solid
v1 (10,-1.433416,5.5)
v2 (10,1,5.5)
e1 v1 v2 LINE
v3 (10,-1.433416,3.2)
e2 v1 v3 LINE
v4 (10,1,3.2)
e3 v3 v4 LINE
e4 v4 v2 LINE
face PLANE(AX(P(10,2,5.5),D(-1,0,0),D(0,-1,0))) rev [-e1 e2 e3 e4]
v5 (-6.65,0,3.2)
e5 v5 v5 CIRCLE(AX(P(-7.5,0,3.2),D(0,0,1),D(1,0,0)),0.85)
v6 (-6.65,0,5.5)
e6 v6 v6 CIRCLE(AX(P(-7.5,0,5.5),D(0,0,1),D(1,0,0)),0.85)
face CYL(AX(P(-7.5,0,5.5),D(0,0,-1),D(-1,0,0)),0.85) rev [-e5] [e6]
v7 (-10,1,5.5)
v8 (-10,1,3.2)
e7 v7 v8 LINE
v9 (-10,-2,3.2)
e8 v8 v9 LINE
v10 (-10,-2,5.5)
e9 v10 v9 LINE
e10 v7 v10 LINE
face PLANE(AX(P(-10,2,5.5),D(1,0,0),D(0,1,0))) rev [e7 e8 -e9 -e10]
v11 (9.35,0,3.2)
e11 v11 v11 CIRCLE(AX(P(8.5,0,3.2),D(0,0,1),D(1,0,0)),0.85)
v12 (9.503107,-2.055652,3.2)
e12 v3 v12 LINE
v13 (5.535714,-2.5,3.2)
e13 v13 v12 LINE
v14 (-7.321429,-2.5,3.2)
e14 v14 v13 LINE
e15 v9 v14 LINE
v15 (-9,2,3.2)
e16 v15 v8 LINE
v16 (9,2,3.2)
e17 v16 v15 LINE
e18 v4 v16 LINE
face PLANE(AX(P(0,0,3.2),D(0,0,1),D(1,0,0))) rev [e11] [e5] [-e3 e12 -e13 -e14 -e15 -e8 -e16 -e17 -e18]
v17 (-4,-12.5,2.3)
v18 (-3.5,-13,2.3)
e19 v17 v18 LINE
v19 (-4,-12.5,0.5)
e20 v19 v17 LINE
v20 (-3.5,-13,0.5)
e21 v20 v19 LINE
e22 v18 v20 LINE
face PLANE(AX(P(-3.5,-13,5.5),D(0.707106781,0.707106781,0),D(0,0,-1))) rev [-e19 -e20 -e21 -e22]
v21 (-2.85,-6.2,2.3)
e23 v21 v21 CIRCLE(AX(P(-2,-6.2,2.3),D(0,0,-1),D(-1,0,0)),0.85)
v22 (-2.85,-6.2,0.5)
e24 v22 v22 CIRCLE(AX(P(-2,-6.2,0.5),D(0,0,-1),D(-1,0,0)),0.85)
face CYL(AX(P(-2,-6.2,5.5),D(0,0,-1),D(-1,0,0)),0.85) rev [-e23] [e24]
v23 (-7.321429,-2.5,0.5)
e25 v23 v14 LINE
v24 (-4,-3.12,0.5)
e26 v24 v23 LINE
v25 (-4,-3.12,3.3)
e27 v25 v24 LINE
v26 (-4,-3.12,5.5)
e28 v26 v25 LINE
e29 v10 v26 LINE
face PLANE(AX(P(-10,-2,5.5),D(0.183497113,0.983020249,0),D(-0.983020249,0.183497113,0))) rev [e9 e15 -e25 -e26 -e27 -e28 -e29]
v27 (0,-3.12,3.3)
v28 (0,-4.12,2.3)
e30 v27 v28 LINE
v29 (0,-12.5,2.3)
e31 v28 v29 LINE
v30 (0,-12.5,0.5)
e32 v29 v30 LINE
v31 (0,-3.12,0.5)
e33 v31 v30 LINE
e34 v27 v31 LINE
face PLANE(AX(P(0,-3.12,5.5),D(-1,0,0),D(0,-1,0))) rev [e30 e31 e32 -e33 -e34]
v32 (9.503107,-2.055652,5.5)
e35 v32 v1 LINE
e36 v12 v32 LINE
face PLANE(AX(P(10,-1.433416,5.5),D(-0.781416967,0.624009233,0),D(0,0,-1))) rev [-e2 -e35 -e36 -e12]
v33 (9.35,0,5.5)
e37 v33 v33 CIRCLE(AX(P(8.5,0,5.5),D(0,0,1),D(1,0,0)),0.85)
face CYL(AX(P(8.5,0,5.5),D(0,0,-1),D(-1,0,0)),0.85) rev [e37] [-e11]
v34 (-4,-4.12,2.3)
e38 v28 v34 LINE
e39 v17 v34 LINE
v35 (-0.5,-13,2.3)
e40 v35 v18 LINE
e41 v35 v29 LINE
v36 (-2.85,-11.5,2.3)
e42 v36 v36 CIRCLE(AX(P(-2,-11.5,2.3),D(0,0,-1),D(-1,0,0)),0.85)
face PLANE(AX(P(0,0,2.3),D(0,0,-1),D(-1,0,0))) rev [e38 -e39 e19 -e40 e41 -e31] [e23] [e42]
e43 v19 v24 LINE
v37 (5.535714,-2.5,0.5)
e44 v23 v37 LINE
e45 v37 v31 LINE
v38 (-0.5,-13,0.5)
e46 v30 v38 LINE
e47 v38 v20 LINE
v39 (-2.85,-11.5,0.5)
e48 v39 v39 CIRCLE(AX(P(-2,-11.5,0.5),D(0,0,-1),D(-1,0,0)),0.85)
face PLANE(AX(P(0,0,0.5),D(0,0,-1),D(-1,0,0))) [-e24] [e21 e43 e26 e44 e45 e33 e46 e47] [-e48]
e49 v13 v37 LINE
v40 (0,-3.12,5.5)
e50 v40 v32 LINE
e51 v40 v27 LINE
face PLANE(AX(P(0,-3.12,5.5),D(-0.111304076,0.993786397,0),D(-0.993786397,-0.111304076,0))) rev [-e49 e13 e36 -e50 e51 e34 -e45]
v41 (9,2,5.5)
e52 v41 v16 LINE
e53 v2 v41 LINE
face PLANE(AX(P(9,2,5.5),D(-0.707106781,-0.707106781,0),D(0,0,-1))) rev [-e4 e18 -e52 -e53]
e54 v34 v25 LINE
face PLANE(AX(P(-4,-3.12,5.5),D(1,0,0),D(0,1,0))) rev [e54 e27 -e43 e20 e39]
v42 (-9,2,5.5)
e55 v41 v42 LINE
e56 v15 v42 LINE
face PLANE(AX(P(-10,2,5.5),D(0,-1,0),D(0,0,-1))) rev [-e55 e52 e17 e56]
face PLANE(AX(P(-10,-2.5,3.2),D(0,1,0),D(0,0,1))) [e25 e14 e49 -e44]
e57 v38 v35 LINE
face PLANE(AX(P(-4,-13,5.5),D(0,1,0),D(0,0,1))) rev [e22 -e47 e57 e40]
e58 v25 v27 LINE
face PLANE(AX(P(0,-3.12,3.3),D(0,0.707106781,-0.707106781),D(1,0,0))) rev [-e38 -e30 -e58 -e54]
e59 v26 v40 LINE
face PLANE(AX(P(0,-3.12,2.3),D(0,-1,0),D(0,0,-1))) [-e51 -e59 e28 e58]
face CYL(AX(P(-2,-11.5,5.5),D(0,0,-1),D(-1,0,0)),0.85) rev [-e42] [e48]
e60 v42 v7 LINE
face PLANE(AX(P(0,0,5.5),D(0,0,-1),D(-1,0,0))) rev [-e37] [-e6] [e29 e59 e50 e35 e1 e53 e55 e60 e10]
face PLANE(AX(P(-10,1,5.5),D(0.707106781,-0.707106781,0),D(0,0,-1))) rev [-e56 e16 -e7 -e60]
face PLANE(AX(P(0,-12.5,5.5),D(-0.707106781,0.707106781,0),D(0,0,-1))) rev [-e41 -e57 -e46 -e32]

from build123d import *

# Parameters (mm, degrees)
SKETCH_1_R          = 0.85
EXTRUDE_2_DEPTH     = 5.5
CUT_EXTRUDE_START   = 3.2
SKETCH_3_W          = 4
SKETCH_3_H          = 9.88
SKETCH_3_R          = 0.85
CUT_EXTRUDE_2_DEPTH = 3.2
CHAMFER_1_SIZE      = 1
CHAMFER_2_SIZE      = 1
CHAMFER_3_SIZE      = 0.5
SKETCH_4_R          = 0.85
CUT_EXTRUDE_3_DEPTH = 3.2
CHAMFER_4_SIZE      = 0.5
CHAMFER_4_SIZE2     = 0.566583589
CUT_EXTRUDE_4_DEPTH = 0.5


with BuildPart() as part:
    # 草图1 → 凸台-拉伸2 (new body)
    with BuildSketch(Plane.XY):
        Polygon((-10, 2), (10, 2), (10, -2), (0, -3.12), (0, -13), (-4, -13), (-4, -3.12), (-10, -2), align=None)
        with Locations((-7.5, 0)):
            Circle(SKETCH_1_R, mode=Mode.SUBTRACT)
        with Locations((8.5, 0)):
            Circle(SKETCH_1_R, mode=Mode.SUBTRACT)
        with Locations((-2, -11.5)):
            Circle(SKETCH_1_R, mode=Mode.SUBTRACT)
        with Locations((-2, -6.2)):
            Circle(SKETCH_1_R, mode=Mode.SUBTRACT)
    extrude(amount=EXTRUDE_2_DEPTH)

    # 草图3 → 切除-拉伸2 (cut)
    with BuildSketch(Plane(origin=(0, 0, 5.5), x_dir=(-1, 0, 0), z_dir=(0, 0, -1)).offset(CUT_EXTRUDE_START)):
        with Locations((2, -8.06)):
            Rectangle(SKETCH_3_W, SKETCH_3_H)
        with Locations((2, -11.5)):
            Circle(SKETCH_3_R, mode=Mode.SUBTRACT)
        with Locations((2, -6.2)):
            Circle(SKETCH_3_R, mode=Mode.SUBTRACT)
    extrude(amount=-CUT_EXTRUDE_2_DEPTH, mode=Mode.SUBTRACT)

    # 倒角1
    chamfer_1_edges = [part.edges().sort_by_distance(p)[0] for p in [
        (-2, -3.12, 2.3),
    ]]
    chamfer(chamfer_1_edges, length=CHAMFER_1_SIZE)

    # 倒角2
    chamfer_2_edges = [part.edges().sort_by_distance(p)[0] for p in [
        (-10, 2, 2.75),
        (10, 2, 2.75),
    ]]
    chamfer(chamfer_2_edges, length=CHAMFER_2_SIZE)

    # 倒角3
    chamfer_3_edges = [part.edges().sort_by_distance(p)[0] for p in [
        (0, -13, 1.15),
        (-4, -13, 1.15),
    ]]
    chamfer(chamfer_3_edges, length=CHAMFER_3_SIZE)

    # 草图4 → 切除-拉伸3 (cut)
    with BuildSketch(Plane.XY):
        Polygon((-10, -2.5), (10, -2.5), (10, 1), (9, 2), (-9, 2), (-10, 1), align=None)
        with Locations((8.5, 0)):
            Circle(SKETCH_4_R, mode=Mode.SUBTRACT)
        with Locations((-7.5, 0)):
            Circle(SKETCH_4_R, mode=Mode.SUBTRACT)
    extrude(amount=CUT_EXTRUDE_3_DEPTH, mode=Mode.SUBTRACT)

    # 倒角4
    chamfer_4_edges = [part.edges().sort_by_distance(p)[0] for p in [
        (10, -2, 4.35),
    ]]
    chamfer_4_side = [part.faces().sort_by_distance(p)[0] for p in [
        (4.028822055, -2.66877193, 3.153508772),
    ]]
    chamfer(chamfer_4_edges, length=CHAMFER_4_SIZE, length2=CHAMFER_4_SIZE2, reference=chamfer_4_side[0])

    # 草图5 → 切除-拉伸4 (cut)
    with BuildSketch(Plane(origin=(0, 0, 0), x_dir=(-1, 0, 0), z_dir=(0, 0, -1))):
        Polygon((4, -3.12), (7.321428571, -2.5), (-5.535714286, -2.5), (0, -3.12), (0, -12.5), (0.5, -13), (3.5, -13), (4, -12.5), align=None)
    extrude(amount=-CUT_EXTRUDE_4_DEPTH, mode=Mode.SUBTRACT)


solid = part.part
